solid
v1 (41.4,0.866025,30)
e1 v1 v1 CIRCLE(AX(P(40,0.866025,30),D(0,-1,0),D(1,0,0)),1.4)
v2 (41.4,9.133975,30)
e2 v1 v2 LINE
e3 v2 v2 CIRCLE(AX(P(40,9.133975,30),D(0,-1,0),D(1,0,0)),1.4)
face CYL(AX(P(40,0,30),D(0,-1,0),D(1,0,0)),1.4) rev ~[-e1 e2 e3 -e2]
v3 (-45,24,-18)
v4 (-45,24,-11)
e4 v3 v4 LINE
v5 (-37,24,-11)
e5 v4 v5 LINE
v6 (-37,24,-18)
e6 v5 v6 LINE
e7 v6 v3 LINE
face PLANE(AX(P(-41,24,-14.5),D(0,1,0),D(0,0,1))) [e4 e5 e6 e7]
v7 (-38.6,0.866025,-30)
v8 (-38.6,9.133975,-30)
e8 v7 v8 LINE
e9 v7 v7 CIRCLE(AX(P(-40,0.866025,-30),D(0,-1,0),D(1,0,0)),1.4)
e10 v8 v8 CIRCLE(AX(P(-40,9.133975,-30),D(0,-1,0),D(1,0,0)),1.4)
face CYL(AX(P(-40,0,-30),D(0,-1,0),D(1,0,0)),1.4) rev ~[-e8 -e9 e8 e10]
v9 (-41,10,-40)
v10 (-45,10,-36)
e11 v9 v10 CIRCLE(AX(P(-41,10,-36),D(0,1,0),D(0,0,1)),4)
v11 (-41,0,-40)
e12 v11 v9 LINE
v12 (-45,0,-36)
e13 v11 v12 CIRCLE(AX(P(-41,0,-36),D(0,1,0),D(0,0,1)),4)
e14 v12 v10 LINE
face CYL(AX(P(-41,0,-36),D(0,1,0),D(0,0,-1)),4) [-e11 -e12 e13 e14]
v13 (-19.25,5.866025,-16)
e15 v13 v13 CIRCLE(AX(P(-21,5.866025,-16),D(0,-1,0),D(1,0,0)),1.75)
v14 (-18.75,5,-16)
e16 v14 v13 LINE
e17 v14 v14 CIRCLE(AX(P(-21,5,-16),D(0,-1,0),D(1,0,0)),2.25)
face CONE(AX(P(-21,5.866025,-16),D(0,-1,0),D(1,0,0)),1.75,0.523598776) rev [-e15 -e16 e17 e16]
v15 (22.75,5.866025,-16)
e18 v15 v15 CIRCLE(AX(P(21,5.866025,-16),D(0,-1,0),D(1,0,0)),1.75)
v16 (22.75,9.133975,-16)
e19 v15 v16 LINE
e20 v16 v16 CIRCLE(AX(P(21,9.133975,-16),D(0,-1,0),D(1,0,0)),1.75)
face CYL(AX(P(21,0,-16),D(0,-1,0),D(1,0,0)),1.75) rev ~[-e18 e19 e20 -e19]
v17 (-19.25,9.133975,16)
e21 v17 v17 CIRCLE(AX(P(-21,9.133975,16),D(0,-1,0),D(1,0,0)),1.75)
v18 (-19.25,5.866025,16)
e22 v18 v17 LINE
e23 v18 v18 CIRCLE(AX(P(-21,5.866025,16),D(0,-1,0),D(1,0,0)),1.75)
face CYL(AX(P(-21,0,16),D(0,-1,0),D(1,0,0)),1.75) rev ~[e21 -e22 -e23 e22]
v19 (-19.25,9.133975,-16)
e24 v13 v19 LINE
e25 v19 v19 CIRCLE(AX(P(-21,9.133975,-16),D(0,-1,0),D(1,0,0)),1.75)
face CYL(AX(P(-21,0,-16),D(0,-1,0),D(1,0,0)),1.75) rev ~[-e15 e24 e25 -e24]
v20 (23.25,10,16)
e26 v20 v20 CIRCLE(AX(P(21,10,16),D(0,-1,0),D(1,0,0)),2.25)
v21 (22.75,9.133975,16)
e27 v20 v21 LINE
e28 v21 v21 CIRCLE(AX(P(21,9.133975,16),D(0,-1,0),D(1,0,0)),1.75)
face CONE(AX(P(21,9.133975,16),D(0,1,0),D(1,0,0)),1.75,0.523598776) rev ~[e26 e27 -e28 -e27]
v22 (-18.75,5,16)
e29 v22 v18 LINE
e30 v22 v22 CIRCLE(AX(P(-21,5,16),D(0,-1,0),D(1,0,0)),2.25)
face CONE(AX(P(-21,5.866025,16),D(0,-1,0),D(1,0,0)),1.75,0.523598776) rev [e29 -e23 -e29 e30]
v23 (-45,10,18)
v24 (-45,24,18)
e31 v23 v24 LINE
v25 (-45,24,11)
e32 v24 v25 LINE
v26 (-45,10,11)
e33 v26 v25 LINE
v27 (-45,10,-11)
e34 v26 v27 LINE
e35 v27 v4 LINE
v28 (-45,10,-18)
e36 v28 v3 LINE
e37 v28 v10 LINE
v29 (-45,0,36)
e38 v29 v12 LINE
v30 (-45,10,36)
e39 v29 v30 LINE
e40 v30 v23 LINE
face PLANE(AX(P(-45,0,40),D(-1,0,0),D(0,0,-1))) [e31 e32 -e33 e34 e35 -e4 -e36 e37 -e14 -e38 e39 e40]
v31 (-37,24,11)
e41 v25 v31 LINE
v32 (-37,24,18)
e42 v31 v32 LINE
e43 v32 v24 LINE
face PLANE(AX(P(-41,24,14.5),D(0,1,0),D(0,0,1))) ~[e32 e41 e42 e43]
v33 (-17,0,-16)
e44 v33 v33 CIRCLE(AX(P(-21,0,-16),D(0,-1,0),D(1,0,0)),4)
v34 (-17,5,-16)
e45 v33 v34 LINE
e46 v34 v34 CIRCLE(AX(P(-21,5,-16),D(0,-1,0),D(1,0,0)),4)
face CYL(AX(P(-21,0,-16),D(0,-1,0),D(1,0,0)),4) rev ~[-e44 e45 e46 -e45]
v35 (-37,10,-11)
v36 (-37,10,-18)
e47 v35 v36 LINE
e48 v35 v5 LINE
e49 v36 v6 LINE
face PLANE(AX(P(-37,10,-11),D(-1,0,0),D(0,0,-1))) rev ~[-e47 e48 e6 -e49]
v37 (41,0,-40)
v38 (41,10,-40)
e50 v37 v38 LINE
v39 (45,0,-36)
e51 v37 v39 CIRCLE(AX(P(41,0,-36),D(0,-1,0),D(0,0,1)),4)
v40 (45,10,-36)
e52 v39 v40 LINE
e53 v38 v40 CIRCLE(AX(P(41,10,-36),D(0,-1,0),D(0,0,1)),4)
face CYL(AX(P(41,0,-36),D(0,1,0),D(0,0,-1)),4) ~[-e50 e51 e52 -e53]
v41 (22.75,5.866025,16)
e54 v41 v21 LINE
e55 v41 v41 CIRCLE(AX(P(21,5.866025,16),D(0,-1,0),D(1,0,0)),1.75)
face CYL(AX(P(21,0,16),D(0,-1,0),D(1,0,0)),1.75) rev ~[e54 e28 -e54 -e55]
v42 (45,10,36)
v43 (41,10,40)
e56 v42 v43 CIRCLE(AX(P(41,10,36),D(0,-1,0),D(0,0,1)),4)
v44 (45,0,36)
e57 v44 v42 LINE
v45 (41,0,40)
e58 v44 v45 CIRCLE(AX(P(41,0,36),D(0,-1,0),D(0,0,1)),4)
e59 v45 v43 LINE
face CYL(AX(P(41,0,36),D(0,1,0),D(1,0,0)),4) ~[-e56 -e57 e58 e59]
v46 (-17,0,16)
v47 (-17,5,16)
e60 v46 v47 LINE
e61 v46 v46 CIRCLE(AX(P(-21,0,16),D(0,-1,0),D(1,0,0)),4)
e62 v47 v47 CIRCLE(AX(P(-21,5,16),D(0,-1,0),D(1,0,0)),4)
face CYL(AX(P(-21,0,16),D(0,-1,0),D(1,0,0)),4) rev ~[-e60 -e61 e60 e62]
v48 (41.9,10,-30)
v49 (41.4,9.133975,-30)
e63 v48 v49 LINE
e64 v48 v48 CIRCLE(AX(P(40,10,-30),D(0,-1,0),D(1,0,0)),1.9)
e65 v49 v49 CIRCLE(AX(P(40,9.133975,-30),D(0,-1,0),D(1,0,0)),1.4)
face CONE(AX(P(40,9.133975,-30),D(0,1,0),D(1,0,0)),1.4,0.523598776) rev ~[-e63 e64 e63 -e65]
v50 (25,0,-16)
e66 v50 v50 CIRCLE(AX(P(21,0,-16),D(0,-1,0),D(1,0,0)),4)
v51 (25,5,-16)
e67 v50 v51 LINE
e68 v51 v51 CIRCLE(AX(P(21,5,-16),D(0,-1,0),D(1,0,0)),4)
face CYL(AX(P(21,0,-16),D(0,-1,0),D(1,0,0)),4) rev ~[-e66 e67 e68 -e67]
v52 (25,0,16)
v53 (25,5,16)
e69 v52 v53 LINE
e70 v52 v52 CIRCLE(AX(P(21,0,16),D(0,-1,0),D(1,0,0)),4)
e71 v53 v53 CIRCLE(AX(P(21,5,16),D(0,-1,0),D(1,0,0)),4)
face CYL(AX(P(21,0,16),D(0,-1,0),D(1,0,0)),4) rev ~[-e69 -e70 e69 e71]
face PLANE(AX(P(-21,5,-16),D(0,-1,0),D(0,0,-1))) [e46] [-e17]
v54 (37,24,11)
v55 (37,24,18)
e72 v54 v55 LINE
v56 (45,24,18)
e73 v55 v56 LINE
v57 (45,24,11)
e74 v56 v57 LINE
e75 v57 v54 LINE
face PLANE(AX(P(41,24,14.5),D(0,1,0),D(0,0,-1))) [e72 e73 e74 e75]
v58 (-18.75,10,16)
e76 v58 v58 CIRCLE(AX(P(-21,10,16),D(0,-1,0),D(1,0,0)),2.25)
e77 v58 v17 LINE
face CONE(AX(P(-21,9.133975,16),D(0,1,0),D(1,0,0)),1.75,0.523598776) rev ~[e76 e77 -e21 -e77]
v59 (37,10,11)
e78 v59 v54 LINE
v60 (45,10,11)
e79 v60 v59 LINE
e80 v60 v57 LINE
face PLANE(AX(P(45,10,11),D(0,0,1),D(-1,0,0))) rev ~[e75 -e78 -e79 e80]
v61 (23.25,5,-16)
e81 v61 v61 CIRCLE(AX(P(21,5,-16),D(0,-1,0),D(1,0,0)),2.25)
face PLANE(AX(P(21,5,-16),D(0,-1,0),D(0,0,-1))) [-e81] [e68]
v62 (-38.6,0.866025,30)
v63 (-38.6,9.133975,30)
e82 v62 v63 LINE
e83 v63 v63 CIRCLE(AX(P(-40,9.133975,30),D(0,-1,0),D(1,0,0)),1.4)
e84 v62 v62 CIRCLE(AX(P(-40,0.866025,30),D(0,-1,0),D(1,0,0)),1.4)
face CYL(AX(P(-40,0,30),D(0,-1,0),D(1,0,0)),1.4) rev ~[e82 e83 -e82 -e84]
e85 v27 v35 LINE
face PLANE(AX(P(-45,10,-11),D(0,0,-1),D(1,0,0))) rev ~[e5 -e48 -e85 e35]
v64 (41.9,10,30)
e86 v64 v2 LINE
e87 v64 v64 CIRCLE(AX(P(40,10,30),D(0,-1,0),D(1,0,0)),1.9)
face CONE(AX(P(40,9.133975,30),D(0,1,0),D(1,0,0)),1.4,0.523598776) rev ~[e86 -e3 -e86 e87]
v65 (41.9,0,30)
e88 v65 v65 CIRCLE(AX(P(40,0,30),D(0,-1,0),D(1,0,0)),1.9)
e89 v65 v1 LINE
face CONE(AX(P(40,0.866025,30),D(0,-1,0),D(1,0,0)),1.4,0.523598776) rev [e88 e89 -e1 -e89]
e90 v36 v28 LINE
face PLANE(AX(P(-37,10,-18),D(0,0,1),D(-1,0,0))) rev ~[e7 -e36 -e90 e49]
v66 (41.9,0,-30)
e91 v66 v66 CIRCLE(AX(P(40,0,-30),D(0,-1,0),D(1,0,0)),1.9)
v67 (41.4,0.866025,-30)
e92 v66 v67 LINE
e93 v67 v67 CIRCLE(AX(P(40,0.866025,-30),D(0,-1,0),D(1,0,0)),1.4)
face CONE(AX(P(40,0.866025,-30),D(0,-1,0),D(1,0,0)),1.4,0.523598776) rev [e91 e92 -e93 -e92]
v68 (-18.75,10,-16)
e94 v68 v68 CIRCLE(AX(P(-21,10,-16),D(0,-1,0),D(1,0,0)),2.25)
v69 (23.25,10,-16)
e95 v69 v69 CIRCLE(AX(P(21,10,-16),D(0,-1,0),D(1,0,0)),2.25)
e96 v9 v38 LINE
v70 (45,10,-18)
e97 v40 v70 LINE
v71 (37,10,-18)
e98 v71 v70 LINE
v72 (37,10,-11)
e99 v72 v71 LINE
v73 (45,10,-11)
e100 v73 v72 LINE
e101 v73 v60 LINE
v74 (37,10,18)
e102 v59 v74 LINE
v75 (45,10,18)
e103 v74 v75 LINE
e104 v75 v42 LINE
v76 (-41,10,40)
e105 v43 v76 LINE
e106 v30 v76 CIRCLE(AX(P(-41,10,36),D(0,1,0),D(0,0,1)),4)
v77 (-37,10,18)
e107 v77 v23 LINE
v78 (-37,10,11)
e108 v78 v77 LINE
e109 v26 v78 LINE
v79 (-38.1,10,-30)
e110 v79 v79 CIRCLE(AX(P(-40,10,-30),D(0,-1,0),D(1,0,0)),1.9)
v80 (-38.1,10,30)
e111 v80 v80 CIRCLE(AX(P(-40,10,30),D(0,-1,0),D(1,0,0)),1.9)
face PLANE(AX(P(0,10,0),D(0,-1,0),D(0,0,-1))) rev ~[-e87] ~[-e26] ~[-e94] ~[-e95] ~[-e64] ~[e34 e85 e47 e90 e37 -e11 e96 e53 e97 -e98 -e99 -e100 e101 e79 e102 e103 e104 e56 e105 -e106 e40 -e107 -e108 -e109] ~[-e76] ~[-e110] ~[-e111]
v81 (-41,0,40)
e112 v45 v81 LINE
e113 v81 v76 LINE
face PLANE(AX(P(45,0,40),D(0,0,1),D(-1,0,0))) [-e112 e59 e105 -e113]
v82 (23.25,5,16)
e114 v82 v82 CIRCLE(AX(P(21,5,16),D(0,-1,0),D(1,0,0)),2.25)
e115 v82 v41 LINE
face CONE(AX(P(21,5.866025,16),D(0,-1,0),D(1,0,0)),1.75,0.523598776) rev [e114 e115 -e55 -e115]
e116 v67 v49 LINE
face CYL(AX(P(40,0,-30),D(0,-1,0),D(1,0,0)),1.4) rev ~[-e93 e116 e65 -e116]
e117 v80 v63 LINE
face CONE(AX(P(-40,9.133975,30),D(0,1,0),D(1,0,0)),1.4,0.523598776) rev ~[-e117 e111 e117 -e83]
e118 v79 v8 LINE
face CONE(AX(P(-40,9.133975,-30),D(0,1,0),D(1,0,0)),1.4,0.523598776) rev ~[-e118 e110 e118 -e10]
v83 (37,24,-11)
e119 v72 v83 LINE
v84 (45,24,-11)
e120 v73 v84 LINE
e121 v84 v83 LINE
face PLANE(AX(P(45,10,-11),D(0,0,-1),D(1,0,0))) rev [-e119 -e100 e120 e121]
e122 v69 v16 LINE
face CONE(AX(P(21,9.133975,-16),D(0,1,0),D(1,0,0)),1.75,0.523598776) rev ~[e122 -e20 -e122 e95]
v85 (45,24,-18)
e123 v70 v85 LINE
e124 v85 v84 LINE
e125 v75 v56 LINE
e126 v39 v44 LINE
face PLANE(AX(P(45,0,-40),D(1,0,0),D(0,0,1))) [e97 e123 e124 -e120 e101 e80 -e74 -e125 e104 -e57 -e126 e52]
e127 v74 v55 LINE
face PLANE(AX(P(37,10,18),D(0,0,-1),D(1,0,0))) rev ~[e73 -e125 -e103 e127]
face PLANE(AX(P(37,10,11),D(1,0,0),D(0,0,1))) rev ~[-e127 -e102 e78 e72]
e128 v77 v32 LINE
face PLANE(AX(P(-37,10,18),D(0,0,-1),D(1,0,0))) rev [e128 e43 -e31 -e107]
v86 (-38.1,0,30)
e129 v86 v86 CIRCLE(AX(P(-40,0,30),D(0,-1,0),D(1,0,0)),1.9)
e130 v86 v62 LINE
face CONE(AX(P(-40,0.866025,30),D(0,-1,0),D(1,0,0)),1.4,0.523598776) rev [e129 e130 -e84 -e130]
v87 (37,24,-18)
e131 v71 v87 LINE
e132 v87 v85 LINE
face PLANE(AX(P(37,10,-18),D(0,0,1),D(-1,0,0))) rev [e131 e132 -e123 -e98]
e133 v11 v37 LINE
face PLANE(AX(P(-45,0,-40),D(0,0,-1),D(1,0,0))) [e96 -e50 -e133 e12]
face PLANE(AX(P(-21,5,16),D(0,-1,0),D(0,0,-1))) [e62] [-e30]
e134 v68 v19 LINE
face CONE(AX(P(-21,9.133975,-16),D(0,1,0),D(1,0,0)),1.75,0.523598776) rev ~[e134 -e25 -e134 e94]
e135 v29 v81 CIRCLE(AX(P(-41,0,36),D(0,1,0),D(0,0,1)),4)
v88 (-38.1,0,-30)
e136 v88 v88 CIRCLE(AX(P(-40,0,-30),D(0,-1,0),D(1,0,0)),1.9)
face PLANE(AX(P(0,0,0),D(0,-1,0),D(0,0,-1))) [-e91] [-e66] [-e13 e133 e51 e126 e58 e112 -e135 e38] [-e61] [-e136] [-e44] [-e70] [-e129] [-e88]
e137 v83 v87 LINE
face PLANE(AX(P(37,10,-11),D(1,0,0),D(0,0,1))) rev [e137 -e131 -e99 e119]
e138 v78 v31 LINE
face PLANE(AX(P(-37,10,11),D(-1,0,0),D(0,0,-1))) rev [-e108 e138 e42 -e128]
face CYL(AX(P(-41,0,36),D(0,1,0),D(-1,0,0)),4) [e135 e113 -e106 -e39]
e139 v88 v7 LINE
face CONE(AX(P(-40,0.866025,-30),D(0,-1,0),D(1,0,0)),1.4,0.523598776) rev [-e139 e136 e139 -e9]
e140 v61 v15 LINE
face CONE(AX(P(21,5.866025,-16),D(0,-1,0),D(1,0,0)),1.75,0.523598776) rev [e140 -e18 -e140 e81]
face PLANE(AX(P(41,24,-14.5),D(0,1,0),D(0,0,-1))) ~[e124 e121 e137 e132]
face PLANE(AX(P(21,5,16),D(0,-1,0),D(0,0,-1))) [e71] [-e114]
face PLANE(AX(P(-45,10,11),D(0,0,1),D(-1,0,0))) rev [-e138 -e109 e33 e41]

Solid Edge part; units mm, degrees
sketch "Sketch1" plane through (0, 0, 0) normal (0, -1, 0) x (1, 0, 0)
  line L0 (-45, -40) -> (45, -40)
  line L1 (45, -40) -> (45, 40)
  line L2 (45, 40) -> (-45, 40)
  line L3 (-45, 40) -> (-45, -40)
  dimension "D1" = 90
  dimension "D2" = 80
extrude "Protrusion1" add sketch "Sketch1" against normal blind 10
sketch "Sketch2" plane through (0, 0, 0) normal (0, -1, 0) x (1, 0, 0)
  circle A0 centre (-40, 30) radius 1.4
  circle A1 centre (-40, -30) radius 1.4
  circle A2 centre (40, -30) radius 1.4
  circle A3 centre (40, 30) radius 1.4
  dimension "D1" = 2.8
  dimension "D2" = 60
  dimension "D3" = 80
extrude "Cutout1" cut sketch "Sketch2" against normal through all
sketch "Sketch3" plane through (0, 0, 0) normal (0, -1, 0) x (1, 0, 0)
  circle A0 centre (-21, 16) radius 4
  circle A1 centre (-21, -16) radius 4
  circle A2 centre (21, -16) radius 4
  circle A3 centre (21, 16) radius 4
extrude "Extrusionsausschnitt_2" cut sketch "Sketch3" against normal blind 5
sketch "Sketch4" plane through (0, 0, 0) normal (0, -1, 0) x (1, 0, 0)
  circle A0 centre (-21, 16) radius 1.75
  circle A1 centre (-21, -16) radius 1.75
  circle A2 centre (21, -16) radius 1.75
  circle A3 centre (21, 16) radius 1.75
  dimension "D1" = 3.5
extrude "Cutout2" cut sketch "Sketch4" against normal through all
fillet "Verrundung_1" radius 4 4 edges at (-45, 5, 40) (45, 5, 40) (45, 5, -40) (-45, 5, -40)
chamfer "Fase_1" distance 0.5 angle 60 4 edges at (38.6, 0, 30) (-41.4, 0, 30) (-41.4, 0, -30) (38.6, 0, -30) measured on face at (-29.1, 0, 27.4667)
chamfer "Fase_2" distance 0.5 angle 60 4 edges at (-40, 10, 31.4) (40, 10, 31.4) (40, 10, -28.6) (-40, 10, -28.6) measured on face at (-29.1, 10, 27.4667)
chamfer "Fase_3" distance 0.5 angle 60 4 edges at (-21, 10, 17.75) (21, 10, 17.75) (-21, 10, -14.25) (21, 10, -14.25) measured on face at (-29.1, 10, 27.4667)
chamfer "Fase_4" distance 0.5 angle 60 4 edges at (-21, 5, 14.25) (-21, 5, -17.75) (21, 5, 14.25) (21, 5, -17.75) measured on face at (-23.5867, 5, 18.7467) measured on face at (18.4133, 5, 18.7467) measured on face at (-23.5867, 5, -13.2533) measured on face at (18.4133, 5, -13.2533)
sketch "Sketch5" plane through (0, 10, 0) normal (0, 1, 0) x (1, 0, 0)
  line L0 (-45, 11) -> (-37, 11)
  line L1 (-37, 11) -> (-37, 18)
  line L2 (-37, 18) -> (-45, 18)
  line L3 (-45, 18) -> (-45, 11)
  dimension "D1" = 11
  dimension "D2" = 8
  dimension "D3" = 18
extrude "Extrusionsausprägung_2" add sketch "Sketch5" along normal blind 14
mirror "Mirror1" about plane through (0, 0, 0) normal (0, 0, 1) of "Extrusionsausprägung_2"
mirror "Mirror2" about plane through (0, 0, 0) normal (1, 0, 0) of "Extrusionsausprägung_2", "Mirror1"
properties material "Nylon, allgemein"
